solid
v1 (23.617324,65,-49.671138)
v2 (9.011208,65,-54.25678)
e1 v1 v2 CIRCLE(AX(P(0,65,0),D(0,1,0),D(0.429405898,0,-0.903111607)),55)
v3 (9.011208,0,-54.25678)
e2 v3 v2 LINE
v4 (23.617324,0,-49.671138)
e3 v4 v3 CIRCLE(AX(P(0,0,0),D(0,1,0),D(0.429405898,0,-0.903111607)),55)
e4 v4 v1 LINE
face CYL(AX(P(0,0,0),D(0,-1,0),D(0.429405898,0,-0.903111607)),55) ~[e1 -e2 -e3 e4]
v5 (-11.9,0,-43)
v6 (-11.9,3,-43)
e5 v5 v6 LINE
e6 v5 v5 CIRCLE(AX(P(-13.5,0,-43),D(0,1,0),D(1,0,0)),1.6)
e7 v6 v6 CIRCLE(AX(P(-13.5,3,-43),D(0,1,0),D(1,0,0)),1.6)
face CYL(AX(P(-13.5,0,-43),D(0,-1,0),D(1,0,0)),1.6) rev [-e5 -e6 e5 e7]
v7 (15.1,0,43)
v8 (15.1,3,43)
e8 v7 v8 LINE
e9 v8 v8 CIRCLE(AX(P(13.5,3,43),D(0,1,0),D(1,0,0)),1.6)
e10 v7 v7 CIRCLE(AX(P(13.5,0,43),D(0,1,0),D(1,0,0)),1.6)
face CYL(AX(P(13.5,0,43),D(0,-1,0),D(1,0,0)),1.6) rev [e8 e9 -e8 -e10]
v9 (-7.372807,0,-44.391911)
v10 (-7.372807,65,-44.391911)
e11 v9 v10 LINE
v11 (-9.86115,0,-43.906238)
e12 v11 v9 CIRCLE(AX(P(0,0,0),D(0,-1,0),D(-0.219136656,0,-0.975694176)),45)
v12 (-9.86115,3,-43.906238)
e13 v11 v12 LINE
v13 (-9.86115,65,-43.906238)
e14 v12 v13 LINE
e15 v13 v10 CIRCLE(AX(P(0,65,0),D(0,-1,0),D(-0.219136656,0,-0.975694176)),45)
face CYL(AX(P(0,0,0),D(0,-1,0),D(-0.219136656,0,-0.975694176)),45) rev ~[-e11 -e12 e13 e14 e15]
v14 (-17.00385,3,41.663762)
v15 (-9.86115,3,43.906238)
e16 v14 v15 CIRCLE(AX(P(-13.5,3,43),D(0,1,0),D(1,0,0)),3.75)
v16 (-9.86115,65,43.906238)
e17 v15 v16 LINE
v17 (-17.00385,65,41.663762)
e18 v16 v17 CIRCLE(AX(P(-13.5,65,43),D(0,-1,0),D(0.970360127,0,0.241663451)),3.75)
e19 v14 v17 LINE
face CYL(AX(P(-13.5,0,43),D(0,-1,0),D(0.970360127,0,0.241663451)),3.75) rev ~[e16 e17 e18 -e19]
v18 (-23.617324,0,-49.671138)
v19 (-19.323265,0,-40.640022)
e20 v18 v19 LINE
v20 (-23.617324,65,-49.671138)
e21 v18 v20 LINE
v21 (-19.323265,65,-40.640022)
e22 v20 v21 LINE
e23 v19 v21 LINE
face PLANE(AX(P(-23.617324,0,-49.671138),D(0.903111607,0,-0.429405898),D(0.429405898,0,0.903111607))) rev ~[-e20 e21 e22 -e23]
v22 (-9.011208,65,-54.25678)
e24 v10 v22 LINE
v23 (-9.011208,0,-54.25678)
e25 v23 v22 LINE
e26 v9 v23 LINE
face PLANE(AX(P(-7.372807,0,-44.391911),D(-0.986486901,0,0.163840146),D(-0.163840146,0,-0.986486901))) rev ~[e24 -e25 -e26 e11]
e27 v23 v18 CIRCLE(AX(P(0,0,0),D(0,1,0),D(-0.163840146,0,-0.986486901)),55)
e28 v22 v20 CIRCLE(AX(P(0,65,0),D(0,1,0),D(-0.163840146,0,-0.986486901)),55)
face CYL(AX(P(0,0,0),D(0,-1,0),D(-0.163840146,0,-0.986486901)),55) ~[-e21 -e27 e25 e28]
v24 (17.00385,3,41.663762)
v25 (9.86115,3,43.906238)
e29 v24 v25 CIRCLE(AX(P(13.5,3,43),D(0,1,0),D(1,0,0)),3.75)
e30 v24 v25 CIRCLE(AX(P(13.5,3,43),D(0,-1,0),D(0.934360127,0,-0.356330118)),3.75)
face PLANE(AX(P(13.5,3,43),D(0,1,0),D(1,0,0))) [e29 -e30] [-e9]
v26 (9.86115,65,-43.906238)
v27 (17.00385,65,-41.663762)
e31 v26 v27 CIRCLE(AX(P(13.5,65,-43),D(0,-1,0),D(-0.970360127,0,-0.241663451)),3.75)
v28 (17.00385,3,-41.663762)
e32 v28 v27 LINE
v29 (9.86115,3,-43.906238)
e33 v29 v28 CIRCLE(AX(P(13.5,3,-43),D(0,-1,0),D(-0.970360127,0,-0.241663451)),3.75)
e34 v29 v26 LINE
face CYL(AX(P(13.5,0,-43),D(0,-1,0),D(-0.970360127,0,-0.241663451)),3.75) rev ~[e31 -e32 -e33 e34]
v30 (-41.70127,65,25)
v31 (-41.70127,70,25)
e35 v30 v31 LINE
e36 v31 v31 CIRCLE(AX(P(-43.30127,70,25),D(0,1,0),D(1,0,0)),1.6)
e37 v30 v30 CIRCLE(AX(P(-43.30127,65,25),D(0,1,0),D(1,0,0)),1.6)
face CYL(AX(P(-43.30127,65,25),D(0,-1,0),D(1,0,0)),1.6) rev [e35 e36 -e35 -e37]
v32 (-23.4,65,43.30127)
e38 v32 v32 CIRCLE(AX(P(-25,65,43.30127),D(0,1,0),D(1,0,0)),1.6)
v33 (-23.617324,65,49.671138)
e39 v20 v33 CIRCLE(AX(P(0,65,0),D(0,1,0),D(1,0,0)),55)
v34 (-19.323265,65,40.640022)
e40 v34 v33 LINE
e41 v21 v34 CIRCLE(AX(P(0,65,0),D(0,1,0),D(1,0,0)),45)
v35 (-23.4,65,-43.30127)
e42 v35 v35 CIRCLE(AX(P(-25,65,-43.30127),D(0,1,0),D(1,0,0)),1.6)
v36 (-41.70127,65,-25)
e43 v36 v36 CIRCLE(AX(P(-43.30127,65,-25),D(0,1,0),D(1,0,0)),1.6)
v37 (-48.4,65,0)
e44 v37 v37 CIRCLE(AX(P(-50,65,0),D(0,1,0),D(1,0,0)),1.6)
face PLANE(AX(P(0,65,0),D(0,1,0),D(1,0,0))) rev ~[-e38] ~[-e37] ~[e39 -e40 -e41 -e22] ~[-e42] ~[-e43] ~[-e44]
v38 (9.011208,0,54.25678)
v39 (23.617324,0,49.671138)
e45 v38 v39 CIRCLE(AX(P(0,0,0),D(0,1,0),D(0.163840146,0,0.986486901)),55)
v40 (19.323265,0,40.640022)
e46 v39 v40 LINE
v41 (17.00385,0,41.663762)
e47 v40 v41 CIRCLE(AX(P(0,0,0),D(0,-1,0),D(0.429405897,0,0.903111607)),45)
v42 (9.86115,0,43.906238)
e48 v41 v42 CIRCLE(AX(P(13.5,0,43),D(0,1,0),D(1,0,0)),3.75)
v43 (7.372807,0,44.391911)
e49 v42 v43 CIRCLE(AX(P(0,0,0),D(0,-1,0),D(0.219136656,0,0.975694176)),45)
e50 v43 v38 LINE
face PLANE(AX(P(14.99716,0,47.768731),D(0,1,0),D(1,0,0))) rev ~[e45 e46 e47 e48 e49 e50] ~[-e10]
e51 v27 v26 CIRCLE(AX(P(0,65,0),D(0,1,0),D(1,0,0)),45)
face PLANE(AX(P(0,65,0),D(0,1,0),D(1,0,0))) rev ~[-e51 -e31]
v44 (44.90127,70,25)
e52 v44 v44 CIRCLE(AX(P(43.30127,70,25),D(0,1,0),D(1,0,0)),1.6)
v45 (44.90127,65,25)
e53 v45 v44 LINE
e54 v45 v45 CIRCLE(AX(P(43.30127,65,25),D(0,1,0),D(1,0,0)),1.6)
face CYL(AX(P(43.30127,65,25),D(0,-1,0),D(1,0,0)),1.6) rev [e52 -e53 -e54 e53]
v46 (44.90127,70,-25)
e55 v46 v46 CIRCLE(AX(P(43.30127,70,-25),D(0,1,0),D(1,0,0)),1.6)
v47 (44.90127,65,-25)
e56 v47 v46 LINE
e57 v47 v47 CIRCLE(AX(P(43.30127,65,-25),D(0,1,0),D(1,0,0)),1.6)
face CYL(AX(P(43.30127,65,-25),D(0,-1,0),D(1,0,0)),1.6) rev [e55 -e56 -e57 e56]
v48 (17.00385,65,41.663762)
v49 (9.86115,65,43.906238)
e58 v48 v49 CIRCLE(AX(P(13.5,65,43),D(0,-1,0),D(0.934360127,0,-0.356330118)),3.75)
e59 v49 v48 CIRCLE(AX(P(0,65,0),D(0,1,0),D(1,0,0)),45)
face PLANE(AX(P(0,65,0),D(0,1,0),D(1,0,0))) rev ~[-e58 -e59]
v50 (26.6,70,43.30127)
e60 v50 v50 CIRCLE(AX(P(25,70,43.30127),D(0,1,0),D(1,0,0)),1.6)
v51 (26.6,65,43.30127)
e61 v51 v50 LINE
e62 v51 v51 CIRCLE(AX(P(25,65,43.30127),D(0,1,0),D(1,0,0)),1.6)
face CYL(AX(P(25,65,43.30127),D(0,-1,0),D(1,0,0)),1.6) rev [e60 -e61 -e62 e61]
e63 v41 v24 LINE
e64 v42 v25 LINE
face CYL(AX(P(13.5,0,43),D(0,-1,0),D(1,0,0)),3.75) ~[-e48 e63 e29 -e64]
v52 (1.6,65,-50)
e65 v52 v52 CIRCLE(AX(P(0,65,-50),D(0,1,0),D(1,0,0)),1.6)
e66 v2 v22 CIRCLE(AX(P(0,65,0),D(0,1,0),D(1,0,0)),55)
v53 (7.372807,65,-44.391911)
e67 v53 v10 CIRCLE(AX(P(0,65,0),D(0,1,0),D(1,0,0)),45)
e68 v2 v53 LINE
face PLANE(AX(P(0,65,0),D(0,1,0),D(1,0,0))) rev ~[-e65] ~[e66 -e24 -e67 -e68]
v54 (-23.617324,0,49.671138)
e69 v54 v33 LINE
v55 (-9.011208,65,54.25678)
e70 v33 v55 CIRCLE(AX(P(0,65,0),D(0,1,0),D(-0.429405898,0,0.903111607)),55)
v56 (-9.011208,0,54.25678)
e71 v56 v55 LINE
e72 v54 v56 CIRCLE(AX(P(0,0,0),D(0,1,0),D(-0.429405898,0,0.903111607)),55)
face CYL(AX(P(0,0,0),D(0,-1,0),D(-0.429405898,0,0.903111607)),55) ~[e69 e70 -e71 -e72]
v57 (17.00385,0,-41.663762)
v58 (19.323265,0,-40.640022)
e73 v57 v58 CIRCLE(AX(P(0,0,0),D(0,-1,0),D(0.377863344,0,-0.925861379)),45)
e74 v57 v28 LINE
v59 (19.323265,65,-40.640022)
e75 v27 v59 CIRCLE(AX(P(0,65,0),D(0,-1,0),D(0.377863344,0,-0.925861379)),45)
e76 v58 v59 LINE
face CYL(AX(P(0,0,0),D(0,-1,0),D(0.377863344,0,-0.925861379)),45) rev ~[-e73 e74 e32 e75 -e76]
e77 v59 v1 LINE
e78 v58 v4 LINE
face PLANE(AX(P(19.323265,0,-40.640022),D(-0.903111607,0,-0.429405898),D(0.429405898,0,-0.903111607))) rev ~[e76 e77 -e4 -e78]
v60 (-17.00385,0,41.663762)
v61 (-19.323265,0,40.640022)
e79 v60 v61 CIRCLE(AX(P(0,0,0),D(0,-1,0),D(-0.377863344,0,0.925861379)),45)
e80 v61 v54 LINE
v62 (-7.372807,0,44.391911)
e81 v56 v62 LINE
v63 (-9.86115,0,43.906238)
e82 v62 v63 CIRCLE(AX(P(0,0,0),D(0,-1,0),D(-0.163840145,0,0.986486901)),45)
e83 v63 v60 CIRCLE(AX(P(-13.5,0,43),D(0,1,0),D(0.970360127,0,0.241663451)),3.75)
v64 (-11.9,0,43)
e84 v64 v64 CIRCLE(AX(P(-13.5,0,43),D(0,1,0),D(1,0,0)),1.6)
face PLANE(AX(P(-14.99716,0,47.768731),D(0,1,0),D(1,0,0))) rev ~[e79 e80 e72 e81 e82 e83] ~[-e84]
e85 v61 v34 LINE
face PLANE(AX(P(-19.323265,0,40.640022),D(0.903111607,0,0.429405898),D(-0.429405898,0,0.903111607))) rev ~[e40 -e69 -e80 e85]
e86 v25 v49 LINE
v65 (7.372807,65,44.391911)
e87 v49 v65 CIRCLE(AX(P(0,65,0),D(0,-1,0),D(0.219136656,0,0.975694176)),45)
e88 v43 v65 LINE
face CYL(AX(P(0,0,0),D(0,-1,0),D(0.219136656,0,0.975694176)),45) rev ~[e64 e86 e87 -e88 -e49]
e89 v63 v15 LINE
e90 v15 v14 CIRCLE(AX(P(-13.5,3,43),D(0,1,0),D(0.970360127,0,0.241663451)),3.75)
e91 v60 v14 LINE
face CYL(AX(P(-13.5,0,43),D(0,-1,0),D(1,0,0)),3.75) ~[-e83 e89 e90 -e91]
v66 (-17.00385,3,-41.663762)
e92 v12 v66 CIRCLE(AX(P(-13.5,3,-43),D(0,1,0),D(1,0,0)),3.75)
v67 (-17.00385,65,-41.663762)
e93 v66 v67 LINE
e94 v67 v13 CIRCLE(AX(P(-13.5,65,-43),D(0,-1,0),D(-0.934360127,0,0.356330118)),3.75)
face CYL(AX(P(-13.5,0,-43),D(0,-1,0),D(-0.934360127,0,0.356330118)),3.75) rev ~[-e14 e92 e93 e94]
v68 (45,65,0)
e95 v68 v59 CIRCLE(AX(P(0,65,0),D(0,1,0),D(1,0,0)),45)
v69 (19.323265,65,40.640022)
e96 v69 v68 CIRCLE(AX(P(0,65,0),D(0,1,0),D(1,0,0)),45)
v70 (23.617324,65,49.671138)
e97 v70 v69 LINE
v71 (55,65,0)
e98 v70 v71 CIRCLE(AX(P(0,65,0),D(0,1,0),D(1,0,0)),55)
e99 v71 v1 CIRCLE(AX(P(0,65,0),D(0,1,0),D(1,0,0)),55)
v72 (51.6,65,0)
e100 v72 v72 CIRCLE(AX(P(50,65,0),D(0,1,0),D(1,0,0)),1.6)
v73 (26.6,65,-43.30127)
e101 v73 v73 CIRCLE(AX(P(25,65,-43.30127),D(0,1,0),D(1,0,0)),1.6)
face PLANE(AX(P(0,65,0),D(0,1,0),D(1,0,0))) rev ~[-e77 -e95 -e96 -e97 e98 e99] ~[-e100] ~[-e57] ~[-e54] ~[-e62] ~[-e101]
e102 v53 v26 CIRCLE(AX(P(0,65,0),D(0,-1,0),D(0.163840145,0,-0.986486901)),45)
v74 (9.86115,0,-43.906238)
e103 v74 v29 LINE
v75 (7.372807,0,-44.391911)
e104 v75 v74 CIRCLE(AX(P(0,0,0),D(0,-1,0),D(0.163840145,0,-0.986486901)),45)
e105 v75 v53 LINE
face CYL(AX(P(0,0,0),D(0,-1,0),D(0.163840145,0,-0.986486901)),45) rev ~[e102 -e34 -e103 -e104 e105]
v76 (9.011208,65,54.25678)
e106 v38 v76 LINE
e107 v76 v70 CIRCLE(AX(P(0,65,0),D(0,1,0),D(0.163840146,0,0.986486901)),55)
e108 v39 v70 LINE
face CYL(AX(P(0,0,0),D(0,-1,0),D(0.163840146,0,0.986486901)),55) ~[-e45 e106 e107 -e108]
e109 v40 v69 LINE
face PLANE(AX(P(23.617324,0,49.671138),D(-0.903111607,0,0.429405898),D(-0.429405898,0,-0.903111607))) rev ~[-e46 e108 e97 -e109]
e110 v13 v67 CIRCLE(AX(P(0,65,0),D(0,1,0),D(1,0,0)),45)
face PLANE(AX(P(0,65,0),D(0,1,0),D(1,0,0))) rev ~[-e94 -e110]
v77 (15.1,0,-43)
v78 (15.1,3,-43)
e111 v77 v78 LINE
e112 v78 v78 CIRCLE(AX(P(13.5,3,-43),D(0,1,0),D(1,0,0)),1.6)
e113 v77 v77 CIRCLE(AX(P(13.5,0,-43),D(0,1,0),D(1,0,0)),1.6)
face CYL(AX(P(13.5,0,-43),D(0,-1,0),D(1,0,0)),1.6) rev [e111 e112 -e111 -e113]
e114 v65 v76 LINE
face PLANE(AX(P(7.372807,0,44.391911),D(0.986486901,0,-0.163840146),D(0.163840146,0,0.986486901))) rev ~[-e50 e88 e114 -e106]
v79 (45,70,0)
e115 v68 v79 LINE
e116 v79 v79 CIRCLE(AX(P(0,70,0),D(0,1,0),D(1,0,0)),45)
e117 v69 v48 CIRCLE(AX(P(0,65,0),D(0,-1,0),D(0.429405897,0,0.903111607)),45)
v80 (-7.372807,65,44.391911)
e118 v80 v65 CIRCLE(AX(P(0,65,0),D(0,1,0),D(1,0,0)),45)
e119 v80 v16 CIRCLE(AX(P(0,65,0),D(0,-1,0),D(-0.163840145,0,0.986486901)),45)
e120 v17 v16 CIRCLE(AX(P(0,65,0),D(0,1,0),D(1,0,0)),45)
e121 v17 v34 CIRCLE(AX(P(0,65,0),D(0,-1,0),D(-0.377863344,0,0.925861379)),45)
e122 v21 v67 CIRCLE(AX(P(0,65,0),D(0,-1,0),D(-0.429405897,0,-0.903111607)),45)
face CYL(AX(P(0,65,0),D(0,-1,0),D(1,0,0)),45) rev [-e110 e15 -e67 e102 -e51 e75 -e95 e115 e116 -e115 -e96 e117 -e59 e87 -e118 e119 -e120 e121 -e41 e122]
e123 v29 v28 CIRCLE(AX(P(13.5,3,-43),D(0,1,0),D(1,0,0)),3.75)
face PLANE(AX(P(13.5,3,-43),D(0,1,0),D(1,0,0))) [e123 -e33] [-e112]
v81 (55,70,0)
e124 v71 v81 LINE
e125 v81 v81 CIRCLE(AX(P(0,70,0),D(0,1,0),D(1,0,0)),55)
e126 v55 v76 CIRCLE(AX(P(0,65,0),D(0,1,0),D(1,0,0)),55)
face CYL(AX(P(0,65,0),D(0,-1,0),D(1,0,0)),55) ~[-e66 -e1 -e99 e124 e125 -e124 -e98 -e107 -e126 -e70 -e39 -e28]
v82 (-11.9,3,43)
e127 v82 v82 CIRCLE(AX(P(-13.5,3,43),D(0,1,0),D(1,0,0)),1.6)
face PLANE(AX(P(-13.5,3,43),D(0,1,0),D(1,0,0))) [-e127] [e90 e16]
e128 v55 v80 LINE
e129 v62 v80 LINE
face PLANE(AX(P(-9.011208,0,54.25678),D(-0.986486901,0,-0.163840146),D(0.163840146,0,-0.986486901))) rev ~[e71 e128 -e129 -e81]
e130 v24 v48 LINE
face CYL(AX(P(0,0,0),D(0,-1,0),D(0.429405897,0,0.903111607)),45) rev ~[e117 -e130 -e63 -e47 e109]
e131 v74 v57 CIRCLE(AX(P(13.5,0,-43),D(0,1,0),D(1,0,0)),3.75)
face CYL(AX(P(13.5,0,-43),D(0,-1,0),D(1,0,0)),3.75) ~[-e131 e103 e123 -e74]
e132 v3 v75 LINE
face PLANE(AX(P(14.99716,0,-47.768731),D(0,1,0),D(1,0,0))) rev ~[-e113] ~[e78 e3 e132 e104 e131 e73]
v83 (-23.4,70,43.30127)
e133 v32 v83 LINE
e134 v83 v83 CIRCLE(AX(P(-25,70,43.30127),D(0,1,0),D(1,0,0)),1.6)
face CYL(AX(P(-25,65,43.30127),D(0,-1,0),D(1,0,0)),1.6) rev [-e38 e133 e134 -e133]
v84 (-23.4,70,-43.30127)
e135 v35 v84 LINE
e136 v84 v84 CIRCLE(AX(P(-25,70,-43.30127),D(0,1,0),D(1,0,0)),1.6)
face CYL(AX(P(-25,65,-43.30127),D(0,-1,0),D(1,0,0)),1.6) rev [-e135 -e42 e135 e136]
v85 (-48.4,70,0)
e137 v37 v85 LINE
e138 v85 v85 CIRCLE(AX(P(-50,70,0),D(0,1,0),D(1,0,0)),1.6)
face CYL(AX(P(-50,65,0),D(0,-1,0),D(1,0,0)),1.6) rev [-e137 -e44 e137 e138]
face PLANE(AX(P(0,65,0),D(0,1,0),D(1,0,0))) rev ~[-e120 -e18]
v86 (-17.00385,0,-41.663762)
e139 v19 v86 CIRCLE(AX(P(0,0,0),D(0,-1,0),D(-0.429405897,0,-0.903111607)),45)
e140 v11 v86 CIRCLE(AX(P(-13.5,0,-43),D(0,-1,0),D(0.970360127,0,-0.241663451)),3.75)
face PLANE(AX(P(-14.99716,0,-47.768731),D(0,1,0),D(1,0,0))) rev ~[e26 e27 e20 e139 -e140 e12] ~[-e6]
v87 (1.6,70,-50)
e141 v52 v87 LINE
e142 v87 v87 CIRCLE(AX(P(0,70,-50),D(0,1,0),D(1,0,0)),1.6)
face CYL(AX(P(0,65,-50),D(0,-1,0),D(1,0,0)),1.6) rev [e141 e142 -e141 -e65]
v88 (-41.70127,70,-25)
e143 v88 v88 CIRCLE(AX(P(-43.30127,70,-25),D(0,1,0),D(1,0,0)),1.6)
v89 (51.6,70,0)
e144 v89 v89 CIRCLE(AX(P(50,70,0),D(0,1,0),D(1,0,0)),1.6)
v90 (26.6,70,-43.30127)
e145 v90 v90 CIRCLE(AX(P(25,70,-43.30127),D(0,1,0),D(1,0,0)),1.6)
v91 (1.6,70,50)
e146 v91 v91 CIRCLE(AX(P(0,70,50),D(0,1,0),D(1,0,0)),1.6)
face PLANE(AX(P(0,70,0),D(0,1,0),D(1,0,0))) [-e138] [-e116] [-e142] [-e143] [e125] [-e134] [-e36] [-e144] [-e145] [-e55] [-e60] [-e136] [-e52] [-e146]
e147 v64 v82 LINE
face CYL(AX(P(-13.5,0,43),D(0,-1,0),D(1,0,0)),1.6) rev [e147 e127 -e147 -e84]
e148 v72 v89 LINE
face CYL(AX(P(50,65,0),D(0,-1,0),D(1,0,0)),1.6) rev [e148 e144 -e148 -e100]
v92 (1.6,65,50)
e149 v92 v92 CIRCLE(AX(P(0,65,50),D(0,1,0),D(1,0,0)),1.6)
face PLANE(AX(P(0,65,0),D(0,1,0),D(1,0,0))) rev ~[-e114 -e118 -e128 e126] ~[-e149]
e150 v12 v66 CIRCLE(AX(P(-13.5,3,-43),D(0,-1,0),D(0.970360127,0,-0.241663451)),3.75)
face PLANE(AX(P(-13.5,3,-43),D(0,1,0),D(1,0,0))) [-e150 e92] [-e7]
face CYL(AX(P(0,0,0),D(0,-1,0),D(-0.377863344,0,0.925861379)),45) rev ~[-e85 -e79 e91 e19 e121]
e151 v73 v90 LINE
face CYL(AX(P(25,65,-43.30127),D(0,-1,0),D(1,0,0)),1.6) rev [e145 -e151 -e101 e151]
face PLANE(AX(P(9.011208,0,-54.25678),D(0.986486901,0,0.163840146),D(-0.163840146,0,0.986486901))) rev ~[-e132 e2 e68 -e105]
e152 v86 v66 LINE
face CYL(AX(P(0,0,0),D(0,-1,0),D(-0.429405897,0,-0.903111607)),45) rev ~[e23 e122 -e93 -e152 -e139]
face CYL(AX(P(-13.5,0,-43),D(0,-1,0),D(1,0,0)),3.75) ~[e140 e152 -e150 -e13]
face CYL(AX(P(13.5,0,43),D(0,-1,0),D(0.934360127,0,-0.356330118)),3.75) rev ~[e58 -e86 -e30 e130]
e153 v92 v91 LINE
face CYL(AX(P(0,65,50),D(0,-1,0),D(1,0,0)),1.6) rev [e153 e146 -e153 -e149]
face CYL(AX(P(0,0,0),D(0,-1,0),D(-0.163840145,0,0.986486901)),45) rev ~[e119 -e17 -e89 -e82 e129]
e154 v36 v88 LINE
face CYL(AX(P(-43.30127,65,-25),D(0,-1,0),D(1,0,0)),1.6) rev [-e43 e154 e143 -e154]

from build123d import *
from build123d.topology import SkipClean

# Parameters (mm, degrees)
SKETCH1_R             = 3.75
SKETCH1_R_2           = 1.6
BOSS_EXTRUDE3_DEPTH   = 3
BOSS_EXTRUDE3_2_DEPTH = 3
BOSS_EXTRUDE3_3_DEPTH = 3
BOSS_EXTRUDE3_4_DEPTH = 3
BOSS_EXTRUDE4_DEPTH   = 65
SKETCH3_R             = 55
SKETCH3_R_2           = 45
SKETCH3_R_3           = 1.6
BOSS_EXTRUDE5_DEPTH   = 5


with BuildPart() as part:
    # Sketch1 → Boss-Extrude3 (new body)
    with BuildSketch(Plane(origin=(0, 0, 0), x_dir=(1, 0, 0), z_dir=(0, 1, 0))):
        with Locations((-13.5, -43)):
            Circle(SKETCH1_R)
        with Locations((-13.5, -43)):
            Circle(SKETCH1_R_2, mode=Mode.SUBTRACT)
    extrude(amount=BOSS_EXTRUDE3_DEPTH)



with BuildPart() as body_2:
    # Sketch1 → Boss-Extrude3 2 (new body)
    with BuildSketch(Plane(origin=(0, 0, 0), x_dir=(1, 0, 0), z_dir=(0, 1, 0))):
        with Locations((13.5, -43)):
            Circle(SKETCH1_R)
        with Locations((13.5, -43)):
            Circle(SKETCH1_R_2, mode=Mode.SUBTRACT)
    extrude(amount=BOSS_EXTRUDE3_2_DEPTH)


with BuildPart() as body_3:
    # Sketch1 → Boss-Extrude3 3 (new body)
    with BuildSketch(Plane(origin=(0, 0, 0), x_dir=(1, 0, 0), z_dir=(0, 1, 0))):
        with Locations((-13.5, 43)):
            Circle(SKETCH1_R)
        with Locations((-13.5, 43)):
            Circle(SKETCH1_R_2, mode=Mode.SUBTRACT)
    extrude(amount=BOSS_EXTRUDE3_3_DEPTH)


with BuildPart() as body_4:
    # Sketch1 → Boss-Extrude3 4 (new body)
    with BuildSketch(Plane(origin=(0, 0, 0), x_dir=(1, 0, 0), z_dir=(0, 1, 0))):
        with Locations((13.5, 43)):
            Circle(SKETCH1_R)
        with Locations((13.5, 43)):
            Circle(SKETCH1_R_2, mode=Mode.SUBTRACT)
    extrude(amount=BOSS_EXTRUDE3_4_DEPTH)


with BuildPart() as part_1:
    add(part.part)

    add(body_2.part)  # Boss-Extrude4 merges body 2

    add(body_3.part)  # Boss-Extrude4 merges body 3

    add(body_4.part)  # Boss-Extrude4 merges body 4
    # Sketch1<7> → Boss-Extrude4 (add)
    with BuildSketch(Plane(origin=(0, 0, 0), x_dir=(1, 0, 0), z_dir=(0, 1, 0))):
        with BuildLine():
            ThreePointArc((-9.861149523, -43.906237941), (-14.623267897, -46.577816266), (-17.003850477, -41.663762059))
            ThreePointArc((-17.003850477, -41.663762059), (-18.170769041, -41.168229892), (-19.323265389, -40.640022327))
            Line((-19.323265389, -40.640022327), (-23.617324364, -49.671138399))
            ThreePointArc((-23.617324364, -49.671138399), (-16.474595828, -52.474638563), (-9.011208023, -54.256779576))
            Line((-9.011208023, -54.256779576), (-7.372806564, -44.391910562))
            ThreePointArc((-7.372806564, -44.391910562), (-8.620399067, -44.166601861), (-9.861149523, -43.906237941))
        make_face()
        with BuildLine():
            ThreePointArc((19.323265389, -40.640022327), (18.170769041, -41.168229892), (17.003850477, -41.663762059))
            ThreePointArc((17.003850477, -41.663762059), (14.623267897, -46.577816266), (9.861149523, -43.906237941))
            ThreePointArc((9.861149523, -43.906237941), (8.620399067, -44.166601861), (7.372806564, -44.391910562))
            Line((7.372806564, -44.391910562), (9.011208023, -54.256779576))
            ThreePointArc((9.011208023, -54.256779576), (16.474595828, -52.474638563), (23.617324364, -49.671138399))
            Line((23.617324364, -49.671138399), (19.323265389, -40.640022327))
        make_face()
        with BuildLine():
            Line((-23.617324364, 49.671138399), (-19.323265389, 40.640022327))
            ThreePointArc((-19.323265389, 40.640022327), (-18.170769041, 41.168229892), (-17.003850477, 41.663762059))
            ThreePointArc((-17.003850477, 41.663762059), (-14.623267897, 46.577816266), (-9.861149523, 43.906237941))
            ThreePointArc((-9.861149523, 43.906237941), (-8.620399067, 44.166601861), (-7.372806564, 44.391910562))
            Line((-7.372806564, 44.391910562), (-9.011208023, 54.256779576))
            ThreePointArc((-9.011208023, 54.256779576), (-16.474595828, 52.474638563), (-23.617324364, 49.671138399))
        make_face()
        with BuildLine():
            ThreePointArc((17.003850477, 41.663762059), (18.170769041, 41.168229892), (19.323265389, 40.640022327))
            Line((19.323265389, 40.640022327), (23.617324364, 49.671138399))
            ThreePointArc((23.617324364, 49.671138399), (16.474595828, 52.474638563), (9.011208023, 54.256779576))
            Line((9.011208023, 54.256779576), (7.372806564, 44.391910562))
            ThreePointArc((7.372806564, 44.391910562), (8.620399067, 44.166601861), (9.861149523, 43.906237941))
            ThreePointArc((9.861149523, 43.906237941), (14.623267897, 46.577816266), (17.003850477, 41.663762059))
        make_face()
    extrude(amount=BOSS_EXTRUDE4_DEPTH)

    # Sketch3 → Boss-Extrude5 (add)
    with SkipClean():  # the faces are left unmerged after this step: merging them gives an invalid solid
        with BuildSketch(Plane(origin=(0, 65, 0), x_dir=(1, 0, 0), z_dir=(0, 1, 0))):
            Circle(SKETCH3_R)
            Circle(SKETCH3_R_2, mode=Mode.SUBTRACT)
            with Locations((0, 50)):
                Circle(SKETCH3_R_3, mode=Mode.SUBTRACT)
            with Locations((25, 43.301270189)):
                Circle(SKETCH3_R_3, mode=Mode.SUBTRACT)
            with Locations((43.301270189, 25)):
                Circle(SKETCH3_R_3, mode=Mode.SUBTRACT)
            with Locations((50, 0)):
                Circle(SKETCH3_R_3, mode=Mode.SUBTRACT)
            with Locations((43.301270189, -25)):
                Circle(SKETCH3_R_3, mode=Mode.SUBTRACT)
            with Locations((25, -43.301270189)):
                Circle(SKETCH3_R_3, mode=Mode.SUBTRACT)
            with Locations((0, -50)):
                Circle(SKETCH3_R_3, mode=Mode.SUBTRACT)
            with Locations((-25, -43.301270189)):
                Circle(SKETCH3_R_3, mode=Mode.SUBTRACT)
            with Locations((-43.301270189, -25)):
                Circle(SKETCH3_R_3, mode=Mode.SUBTRACT)
            with Locations((-50, 0)):
                Circle(SKETCH3_R_3, mode=Mode.SUBTRACT)
            with Locations((-43.301270189, 25)):
                Circle(SKETCH3_R_3, mode=Mode.SUBTRACT)
            with Locations((-25, 43.301270189)):
                Circle(SKETCH3_R_3, mode=Mode.SUBTRACT)
        extrude(amount=BOSS_EXTRUDE5_DEPTH)


solid = part_1.part
